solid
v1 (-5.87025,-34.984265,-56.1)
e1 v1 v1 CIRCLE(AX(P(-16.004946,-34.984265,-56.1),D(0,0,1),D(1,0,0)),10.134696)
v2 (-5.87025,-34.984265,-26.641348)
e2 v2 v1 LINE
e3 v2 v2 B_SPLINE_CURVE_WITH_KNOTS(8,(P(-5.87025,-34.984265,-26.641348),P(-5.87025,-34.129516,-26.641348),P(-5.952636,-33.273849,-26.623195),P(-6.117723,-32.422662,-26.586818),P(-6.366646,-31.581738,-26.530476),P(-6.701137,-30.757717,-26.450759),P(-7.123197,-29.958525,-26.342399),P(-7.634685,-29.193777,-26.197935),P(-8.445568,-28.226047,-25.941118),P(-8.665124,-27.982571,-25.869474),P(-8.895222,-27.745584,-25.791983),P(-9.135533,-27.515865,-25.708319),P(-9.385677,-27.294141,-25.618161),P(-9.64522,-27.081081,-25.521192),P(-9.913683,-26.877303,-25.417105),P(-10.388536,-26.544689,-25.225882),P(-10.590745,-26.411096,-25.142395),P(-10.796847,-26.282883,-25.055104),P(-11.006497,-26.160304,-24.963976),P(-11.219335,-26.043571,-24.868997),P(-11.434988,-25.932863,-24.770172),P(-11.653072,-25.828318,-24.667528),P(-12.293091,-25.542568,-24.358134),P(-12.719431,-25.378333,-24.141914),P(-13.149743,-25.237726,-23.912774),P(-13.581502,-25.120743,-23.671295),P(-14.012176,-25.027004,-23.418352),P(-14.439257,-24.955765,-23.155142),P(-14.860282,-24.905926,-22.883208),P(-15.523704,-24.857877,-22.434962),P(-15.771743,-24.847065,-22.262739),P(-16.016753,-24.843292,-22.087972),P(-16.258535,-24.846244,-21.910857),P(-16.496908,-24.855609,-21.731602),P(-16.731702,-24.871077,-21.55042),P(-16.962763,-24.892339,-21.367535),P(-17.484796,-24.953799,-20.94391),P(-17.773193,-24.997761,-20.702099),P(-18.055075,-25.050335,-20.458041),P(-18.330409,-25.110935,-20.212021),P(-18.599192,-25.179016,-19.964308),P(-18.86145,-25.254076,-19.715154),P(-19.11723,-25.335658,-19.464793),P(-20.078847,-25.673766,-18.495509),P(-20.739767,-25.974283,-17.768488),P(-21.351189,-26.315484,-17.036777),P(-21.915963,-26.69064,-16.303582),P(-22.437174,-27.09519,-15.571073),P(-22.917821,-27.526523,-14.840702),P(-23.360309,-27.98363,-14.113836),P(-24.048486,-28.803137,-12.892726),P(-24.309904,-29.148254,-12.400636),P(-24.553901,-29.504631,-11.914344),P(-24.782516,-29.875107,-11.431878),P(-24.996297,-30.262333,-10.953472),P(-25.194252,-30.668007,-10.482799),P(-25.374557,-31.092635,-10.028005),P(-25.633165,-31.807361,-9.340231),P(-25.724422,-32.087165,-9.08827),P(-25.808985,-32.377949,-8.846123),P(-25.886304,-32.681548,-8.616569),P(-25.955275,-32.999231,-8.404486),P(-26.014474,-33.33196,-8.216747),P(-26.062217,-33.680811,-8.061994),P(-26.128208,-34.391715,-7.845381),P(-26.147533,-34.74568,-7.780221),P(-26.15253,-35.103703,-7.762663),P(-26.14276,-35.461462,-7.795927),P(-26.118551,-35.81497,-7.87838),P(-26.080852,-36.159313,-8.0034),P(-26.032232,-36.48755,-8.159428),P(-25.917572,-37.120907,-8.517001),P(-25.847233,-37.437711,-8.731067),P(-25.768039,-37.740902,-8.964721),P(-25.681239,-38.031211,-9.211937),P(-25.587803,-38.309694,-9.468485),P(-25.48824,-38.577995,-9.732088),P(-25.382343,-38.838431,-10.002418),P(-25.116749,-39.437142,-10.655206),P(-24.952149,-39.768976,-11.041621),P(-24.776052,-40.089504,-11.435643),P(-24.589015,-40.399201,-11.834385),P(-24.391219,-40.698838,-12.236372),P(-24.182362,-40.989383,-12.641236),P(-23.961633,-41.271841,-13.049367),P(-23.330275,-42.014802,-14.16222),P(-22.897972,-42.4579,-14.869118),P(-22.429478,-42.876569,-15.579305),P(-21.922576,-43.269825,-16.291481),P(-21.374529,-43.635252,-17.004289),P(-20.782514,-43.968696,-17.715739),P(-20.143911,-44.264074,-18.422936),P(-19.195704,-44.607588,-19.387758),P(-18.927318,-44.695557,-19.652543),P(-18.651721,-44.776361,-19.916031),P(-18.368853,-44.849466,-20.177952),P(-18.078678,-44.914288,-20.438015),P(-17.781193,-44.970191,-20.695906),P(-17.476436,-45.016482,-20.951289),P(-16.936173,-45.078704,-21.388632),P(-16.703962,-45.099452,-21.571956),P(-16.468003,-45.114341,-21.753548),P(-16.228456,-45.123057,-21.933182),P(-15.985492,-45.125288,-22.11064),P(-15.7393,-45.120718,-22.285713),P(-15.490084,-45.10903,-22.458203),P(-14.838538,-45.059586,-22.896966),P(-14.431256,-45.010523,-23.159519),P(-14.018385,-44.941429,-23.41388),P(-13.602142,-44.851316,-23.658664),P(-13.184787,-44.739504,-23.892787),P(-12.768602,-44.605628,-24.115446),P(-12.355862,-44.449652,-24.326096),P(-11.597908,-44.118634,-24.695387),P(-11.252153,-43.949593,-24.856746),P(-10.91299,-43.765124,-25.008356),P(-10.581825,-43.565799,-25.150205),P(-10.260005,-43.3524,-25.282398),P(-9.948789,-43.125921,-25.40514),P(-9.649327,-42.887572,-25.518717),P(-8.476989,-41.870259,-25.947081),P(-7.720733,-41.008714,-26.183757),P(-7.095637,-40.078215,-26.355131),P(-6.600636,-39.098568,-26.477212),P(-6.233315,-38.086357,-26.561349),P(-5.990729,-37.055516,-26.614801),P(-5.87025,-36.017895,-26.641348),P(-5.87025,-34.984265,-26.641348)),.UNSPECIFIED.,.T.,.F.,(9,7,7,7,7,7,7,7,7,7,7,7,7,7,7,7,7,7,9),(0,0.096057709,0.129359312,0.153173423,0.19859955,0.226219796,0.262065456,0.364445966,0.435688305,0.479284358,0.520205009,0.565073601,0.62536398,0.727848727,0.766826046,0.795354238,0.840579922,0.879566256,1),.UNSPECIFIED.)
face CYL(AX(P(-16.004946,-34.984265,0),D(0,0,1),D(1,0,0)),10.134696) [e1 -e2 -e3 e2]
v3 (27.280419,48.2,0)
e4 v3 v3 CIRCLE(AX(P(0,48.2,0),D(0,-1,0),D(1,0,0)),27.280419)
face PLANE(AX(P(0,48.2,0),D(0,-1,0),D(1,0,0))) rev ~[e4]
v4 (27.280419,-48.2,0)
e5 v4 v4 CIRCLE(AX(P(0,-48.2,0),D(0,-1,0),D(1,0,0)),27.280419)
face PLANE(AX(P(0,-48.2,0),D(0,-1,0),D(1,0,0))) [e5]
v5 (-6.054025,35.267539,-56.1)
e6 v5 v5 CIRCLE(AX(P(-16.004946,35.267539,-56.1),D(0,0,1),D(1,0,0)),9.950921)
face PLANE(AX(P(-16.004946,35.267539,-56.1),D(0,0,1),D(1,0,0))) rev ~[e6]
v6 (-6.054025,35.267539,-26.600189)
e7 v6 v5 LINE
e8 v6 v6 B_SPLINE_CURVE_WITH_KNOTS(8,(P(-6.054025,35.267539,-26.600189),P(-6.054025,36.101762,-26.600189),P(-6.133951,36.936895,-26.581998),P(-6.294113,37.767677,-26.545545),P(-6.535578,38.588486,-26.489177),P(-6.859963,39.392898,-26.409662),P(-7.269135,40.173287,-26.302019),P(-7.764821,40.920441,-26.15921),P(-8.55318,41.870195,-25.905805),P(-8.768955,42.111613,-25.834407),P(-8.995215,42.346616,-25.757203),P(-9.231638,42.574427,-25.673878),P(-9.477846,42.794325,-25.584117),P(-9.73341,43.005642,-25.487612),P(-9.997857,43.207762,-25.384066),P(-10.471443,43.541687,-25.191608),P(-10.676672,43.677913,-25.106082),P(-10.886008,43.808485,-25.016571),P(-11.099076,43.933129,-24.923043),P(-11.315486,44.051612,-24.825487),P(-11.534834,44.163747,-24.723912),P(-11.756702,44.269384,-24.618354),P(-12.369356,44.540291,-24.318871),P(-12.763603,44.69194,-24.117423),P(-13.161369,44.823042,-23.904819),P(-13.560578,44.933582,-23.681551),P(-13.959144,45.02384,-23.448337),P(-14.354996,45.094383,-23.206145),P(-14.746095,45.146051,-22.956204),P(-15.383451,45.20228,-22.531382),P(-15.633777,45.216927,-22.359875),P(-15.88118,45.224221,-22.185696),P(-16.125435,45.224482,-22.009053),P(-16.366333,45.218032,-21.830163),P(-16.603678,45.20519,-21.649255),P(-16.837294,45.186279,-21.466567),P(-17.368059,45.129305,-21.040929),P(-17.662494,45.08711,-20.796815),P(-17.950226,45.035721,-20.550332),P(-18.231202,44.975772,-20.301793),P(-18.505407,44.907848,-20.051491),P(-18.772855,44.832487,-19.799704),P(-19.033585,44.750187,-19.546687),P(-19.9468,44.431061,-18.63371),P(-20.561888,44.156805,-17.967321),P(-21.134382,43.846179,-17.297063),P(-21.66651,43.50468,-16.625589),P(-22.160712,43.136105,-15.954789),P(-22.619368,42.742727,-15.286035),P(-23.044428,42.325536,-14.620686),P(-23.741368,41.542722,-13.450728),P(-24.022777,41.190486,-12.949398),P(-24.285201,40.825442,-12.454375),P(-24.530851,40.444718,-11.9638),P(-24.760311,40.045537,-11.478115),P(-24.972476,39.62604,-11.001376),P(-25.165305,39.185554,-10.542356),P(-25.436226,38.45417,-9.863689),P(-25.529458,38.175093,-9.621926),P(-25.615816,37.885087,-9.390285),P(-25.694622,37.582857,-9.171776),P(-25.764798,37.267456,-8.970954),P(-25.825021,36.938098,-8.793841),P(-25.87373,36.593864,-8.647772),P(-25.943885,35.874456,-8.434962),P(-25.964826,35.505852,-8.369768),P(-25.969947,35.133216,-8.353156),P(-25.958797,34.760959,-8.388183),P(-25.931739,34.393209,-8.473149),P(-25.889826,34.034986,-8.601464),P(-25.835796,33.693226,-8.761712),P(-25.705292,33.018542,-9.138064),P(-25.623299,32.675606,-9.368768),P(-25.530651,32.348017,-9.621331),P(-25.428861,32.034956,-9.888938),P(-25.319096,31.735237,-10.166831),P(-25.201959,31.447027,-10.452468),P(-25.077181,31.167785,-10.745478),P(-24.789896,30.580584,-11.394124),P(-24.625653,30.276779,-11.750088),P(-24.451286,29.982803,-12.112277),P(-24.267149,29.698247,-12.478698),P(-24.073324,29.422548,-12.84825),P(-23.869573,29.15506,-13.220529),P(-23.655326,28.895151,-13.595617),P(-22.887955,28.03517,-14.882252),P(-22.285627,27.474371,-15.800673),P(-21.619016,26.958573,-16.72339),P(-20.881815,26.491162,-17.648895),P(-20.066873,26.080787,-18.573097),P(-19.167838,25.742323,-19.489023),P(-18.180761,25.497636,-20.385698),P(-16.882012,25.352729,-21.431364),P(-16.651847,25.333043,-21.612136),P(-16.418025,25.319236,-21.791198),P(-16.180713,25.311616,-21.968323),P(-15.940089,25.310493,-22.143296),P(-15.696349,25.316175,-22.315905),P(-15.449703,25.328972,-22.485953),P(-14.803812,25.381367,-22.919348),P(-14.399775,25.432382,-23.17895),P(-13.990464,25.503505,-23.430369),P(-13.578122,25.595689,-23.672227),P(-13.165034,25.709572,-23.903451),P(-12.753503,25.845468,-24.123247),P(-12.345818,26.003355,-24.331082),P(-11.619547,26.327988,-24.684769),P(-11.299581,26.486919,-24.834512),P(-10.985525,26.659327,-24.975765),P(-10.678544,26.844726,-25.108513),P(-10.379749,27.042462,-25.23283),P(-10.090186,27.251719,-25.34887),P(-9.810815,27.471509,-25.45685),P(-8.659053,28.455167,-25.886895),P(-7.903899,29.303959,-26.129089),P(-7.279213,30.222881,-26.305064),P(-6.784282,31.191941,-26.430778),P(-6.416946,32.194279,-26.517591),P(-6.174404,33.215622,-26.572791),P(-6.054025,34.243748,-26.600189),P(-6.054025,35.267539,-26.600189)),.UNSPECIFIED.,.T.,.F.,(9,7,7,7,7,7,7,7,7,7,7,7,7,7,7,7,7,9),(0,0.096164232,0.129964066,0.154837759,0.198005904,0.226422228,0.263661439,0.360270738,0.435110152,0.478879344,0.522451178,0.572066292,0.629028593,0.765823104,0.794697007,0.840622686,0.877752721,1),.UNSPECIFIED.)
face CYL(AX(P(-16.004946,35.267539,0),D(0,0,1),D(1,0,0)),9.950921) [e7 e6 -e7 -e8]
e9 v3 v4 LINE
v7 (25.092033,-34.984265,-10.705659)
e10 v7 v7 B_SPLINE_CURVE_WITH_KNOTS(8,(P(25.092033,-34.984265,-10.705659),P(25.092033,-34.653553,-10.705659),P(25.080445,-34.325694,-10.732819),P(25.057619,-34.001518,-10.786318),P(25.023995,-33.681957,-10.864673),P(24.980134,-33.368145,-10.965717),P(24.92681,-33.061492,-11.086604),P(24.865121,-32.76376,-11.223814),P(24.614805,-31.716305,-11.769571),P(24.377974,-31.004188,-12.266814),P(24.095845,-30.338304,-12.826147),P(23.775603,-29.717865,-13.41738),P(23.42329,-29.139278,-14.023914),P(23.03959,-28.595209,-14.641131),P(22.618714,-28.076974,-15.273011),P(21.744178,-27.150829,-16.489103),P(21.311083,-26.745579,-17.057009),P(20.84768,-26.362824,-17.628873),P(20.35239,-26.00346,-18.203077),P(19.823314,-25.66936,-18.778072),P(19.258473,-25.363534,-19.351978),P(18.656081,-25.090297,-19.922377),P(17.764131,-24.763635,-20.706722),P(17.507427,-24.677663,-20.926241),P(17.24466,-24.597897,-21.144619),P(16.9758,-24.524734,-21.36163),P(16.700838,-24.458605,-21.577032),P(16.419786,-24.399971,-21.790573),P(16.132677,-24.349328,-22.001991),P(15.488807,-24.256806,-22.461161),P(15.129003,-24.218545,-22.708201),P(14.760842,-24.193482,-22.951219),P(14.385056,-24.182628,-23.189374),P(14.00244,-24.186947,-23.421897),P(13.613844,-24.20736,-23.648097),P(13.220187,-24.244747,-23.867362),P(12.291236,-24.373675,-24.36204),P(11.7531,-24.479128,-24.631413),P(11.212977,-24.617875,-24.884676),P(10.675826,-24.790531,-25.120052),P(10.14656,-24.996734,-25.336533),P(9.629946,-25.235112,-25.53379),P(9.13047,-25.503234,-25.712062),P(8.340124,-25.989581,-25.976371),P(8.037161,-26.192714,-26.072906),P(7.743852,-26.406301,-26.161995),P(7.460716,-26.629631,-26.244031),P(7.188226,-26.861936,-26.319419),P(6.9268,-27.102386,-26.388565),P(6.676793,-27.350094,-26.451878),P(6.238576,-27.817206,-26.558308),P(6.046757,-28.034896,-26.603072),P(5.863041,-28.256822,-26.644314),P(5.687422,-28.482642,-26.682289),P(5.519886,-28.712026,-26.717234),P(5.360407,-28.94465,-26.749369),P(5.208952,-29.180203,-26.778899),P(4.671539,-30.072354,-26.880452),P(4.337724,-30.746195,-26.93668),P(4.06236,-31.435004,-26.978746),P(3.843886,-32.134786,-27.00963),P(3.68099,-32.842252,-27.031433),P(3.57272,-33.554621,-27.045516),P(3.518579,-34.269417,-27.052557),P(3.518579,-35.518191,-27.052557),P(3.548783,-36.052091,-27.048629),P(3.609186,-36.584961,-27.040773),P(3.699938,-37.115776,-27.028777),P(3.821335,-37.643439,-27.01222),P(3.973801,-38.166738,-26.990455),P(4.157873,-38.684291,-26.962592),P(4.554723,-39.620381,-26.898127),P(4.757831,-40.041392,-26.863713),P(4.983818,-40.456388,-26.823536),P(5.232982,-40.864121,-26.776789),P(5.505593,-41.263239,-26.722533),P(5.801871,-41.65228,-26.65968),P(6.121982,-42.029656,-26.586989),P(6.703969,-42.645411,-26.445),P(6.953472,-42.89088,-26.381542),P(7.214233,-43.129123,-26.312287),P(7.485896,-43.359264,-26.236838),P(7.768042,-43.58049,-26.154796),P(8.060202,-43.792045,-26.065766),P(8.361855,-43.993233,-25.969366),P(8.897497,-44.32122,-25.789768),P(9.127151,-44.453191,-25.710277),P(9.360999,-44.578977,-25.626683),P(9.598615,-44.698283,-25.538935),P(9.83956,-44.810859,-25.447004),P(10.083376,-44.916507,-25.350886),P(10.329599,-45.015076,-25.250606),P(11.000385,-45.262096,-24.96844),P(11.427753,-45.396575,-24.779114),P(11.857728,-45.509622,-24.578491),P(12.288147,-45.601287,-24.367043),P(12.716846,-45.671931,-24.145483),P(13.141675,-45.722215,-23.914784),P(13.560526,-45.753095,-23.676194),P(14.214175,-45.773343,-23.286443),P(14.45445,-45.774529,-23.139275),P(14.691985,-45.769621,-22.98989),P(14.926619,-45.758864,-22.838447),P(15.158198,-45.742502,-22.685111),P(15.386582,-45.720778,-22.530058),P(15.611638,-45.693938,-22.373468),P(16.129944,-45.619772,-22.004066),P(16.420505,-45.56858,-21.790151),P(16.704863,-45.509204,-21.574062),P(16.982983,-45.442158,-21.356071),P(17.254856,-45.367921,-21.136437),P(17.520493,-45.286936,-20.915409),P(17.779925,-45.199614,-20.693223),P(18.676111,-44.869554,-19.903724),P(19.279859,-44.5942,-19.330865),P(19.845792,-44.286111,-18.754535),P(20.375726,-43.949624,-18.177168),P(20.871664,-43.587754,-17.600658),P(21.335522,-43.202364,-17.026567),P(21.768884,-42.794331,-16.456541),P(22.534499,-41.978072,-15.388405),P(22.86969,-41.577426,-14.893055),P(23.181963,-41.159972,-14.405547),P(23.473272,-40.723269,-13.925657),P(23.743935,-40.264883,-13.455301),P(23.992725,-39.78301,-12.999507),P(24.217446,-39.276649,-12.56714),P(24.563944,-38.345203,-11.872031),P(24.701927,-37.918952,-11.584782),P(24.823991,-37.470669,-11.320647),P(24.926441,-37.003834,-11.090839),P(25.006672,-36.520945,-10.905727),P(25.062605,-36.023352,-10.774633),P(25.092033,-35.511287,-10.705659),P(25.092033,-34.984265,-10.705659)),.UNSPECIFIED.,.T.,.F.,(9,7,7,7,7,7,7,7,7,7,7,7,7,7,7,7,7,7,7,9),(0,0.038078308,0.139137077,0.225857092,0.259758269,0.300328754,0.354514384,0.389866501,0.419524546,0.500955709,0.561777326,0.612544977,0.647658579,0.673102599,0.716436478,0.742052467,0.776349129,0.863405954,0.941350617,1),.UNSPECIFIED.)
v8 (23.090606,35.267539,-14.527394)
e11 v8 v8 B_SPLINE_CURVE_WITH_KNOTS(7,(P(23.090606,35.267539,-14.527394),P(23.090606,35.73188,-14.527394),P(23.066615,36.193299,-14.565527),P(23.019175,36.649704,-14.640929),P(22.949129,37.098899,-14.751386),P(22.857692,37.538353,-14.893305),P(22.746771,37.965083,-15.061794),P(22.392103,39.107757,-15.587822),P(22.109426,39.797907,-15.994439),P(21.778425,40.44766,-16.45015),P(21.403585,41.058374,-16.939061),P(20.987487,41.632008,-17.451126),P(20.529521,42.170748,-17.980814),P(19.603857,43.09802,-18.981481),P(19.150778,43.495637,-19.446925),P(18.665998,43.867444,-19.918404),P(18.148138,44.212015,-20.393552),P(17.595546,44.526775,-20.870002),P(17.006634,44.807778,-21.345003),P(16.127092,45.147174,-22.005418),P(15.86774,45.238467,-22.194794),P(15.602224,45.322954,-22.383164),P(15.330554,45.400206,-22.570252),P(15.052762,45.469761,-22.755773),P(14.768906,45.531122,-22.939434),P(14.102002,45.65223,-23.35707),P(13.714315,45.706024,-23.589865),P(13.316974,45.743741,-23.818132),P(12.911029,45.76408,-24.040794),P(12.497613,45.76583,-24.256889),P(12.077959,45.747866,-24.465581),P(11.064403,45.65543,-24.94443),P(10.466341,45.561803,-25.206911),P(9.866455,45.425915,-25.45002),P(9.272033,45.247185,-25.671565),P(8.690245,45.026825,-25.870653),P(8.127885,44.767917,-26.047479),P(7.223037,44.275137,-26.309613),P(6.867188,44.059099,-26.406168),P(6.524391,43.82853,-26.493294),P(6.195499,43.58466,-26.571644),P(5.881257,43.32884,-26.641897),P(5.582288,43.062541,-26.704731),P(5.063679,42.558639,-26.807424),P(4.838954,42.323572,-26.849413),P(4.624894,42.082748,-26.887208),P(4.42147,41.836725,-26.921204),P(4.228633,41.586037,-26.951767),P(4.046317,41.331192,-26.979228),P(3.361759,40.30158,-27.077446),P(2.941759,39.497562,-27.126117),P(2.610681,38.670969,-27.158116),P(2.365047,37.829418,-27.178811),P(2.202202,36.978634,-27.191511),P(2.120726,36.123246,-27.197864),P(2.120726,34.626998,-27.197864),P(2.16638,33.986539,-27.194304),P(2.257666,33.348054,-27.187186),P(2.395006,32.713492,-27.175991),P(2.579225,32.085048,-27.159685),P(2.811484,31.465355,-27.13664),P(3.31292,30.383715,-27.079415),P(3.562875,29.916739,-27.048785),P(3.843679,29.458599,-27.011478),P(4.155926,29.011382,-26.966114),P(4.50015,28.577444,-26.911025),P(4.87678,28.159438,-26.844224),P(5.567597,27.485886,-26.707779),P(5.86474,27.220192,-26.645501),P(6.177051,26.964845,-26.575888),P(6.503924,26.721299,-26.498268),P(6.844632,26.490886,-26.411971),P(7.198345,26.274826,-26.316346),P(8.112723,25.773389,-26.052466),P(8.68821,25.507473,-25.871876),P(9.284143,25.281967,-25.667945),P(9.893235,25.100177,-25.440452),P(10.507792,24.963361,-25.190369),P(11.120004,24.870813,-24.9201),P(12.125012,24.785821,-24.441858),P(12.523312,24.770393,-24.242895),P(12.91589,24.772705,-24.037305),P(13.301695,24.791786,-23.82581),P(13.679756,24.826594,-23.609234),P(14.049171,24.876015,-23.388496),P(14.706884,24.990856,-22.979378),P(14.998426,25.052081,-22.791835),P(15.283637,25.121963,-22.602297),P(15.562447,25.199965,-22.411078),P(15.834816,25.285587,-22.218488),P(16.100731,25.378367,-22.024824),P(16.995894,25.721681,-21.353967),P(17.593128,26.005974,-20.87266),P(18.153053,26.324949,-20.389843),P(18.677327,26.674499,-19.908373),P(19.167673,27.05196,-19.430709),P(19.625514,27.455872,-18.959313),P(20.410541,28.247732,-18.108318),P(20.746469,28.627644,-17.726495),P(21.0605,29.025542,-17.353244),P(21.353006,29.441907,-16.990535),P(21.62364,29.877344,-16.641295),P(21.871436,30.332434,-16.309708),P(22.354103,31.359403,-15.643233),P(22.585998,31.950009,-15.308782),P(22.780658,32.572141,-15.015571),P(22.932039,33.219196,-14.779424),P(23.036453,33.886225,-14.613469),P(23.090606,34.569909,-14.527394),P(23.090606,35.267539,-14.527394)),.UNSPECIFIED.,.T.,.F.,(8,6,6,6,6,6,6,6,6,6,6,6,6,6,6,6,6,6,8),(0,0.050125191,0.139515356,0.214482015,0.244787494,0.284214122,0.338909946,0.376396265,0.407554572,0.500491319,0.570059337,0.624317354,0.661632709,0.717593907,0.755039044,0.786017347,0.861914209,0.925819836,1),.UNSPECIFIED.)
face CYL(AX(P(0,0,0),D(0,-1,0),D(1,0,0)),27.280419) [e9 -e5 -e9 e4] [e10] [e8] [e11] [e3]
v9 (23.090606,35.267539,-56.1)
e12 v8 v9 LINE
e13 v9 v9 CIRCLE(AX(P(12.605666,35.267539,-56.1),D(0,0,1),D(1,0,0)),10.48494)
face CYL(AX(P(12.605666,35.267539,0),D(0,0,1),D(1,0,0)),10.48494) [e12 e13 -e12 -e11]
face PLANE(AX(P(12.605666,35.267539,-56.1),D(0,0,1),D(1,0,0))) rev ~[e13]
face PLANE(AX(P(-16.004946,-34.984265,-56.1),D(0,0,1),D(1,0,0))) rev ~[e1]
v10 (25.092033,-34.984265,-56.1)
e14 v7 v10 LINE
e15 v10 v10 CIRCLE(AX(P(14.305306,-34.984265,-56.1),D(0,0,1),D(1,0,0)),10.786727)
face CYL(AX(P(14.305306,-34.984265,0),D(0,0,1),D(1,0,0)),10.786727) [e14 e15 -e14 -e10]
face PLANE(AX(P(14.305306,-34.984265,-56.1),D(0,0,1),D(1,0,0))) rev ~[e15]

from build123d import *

# Parameters (mm, degrees)
F0_R     = 27.280419
F1_DEPTH = 48.2
F2_R     = 10.134696
F2_R_2   = 10.786727
F2_R_3   = 9.950921
F2_R_4   = 10.48494
F3_DEPTH = 56.1


with BuildPart() as f1:
    # F0 (on Front) → F1 (new body, symmetric)
    with BuildSketch(Plane.XZ):
        Circle(F0_R)
    extrude(amount=F1_DEPTH, both=True)

    # F2 (on Top) → F3 (join)
    with BuildSketch(Plane.XY):
        with Locations((-16.004946, -34.984265)):
            Circle(F2_R)
        with Locations((14.305306, -34.984265)):
            Circle(F2_R_2)
        with Locations((-16.004946, 35.267539)):
            Circle(F2_R_3)
        with Locations((12.605666, 35.267539)):
            Circle(F2_R_4)
    extrude(amount=-F3_DEPTH)


solid = f1.part
